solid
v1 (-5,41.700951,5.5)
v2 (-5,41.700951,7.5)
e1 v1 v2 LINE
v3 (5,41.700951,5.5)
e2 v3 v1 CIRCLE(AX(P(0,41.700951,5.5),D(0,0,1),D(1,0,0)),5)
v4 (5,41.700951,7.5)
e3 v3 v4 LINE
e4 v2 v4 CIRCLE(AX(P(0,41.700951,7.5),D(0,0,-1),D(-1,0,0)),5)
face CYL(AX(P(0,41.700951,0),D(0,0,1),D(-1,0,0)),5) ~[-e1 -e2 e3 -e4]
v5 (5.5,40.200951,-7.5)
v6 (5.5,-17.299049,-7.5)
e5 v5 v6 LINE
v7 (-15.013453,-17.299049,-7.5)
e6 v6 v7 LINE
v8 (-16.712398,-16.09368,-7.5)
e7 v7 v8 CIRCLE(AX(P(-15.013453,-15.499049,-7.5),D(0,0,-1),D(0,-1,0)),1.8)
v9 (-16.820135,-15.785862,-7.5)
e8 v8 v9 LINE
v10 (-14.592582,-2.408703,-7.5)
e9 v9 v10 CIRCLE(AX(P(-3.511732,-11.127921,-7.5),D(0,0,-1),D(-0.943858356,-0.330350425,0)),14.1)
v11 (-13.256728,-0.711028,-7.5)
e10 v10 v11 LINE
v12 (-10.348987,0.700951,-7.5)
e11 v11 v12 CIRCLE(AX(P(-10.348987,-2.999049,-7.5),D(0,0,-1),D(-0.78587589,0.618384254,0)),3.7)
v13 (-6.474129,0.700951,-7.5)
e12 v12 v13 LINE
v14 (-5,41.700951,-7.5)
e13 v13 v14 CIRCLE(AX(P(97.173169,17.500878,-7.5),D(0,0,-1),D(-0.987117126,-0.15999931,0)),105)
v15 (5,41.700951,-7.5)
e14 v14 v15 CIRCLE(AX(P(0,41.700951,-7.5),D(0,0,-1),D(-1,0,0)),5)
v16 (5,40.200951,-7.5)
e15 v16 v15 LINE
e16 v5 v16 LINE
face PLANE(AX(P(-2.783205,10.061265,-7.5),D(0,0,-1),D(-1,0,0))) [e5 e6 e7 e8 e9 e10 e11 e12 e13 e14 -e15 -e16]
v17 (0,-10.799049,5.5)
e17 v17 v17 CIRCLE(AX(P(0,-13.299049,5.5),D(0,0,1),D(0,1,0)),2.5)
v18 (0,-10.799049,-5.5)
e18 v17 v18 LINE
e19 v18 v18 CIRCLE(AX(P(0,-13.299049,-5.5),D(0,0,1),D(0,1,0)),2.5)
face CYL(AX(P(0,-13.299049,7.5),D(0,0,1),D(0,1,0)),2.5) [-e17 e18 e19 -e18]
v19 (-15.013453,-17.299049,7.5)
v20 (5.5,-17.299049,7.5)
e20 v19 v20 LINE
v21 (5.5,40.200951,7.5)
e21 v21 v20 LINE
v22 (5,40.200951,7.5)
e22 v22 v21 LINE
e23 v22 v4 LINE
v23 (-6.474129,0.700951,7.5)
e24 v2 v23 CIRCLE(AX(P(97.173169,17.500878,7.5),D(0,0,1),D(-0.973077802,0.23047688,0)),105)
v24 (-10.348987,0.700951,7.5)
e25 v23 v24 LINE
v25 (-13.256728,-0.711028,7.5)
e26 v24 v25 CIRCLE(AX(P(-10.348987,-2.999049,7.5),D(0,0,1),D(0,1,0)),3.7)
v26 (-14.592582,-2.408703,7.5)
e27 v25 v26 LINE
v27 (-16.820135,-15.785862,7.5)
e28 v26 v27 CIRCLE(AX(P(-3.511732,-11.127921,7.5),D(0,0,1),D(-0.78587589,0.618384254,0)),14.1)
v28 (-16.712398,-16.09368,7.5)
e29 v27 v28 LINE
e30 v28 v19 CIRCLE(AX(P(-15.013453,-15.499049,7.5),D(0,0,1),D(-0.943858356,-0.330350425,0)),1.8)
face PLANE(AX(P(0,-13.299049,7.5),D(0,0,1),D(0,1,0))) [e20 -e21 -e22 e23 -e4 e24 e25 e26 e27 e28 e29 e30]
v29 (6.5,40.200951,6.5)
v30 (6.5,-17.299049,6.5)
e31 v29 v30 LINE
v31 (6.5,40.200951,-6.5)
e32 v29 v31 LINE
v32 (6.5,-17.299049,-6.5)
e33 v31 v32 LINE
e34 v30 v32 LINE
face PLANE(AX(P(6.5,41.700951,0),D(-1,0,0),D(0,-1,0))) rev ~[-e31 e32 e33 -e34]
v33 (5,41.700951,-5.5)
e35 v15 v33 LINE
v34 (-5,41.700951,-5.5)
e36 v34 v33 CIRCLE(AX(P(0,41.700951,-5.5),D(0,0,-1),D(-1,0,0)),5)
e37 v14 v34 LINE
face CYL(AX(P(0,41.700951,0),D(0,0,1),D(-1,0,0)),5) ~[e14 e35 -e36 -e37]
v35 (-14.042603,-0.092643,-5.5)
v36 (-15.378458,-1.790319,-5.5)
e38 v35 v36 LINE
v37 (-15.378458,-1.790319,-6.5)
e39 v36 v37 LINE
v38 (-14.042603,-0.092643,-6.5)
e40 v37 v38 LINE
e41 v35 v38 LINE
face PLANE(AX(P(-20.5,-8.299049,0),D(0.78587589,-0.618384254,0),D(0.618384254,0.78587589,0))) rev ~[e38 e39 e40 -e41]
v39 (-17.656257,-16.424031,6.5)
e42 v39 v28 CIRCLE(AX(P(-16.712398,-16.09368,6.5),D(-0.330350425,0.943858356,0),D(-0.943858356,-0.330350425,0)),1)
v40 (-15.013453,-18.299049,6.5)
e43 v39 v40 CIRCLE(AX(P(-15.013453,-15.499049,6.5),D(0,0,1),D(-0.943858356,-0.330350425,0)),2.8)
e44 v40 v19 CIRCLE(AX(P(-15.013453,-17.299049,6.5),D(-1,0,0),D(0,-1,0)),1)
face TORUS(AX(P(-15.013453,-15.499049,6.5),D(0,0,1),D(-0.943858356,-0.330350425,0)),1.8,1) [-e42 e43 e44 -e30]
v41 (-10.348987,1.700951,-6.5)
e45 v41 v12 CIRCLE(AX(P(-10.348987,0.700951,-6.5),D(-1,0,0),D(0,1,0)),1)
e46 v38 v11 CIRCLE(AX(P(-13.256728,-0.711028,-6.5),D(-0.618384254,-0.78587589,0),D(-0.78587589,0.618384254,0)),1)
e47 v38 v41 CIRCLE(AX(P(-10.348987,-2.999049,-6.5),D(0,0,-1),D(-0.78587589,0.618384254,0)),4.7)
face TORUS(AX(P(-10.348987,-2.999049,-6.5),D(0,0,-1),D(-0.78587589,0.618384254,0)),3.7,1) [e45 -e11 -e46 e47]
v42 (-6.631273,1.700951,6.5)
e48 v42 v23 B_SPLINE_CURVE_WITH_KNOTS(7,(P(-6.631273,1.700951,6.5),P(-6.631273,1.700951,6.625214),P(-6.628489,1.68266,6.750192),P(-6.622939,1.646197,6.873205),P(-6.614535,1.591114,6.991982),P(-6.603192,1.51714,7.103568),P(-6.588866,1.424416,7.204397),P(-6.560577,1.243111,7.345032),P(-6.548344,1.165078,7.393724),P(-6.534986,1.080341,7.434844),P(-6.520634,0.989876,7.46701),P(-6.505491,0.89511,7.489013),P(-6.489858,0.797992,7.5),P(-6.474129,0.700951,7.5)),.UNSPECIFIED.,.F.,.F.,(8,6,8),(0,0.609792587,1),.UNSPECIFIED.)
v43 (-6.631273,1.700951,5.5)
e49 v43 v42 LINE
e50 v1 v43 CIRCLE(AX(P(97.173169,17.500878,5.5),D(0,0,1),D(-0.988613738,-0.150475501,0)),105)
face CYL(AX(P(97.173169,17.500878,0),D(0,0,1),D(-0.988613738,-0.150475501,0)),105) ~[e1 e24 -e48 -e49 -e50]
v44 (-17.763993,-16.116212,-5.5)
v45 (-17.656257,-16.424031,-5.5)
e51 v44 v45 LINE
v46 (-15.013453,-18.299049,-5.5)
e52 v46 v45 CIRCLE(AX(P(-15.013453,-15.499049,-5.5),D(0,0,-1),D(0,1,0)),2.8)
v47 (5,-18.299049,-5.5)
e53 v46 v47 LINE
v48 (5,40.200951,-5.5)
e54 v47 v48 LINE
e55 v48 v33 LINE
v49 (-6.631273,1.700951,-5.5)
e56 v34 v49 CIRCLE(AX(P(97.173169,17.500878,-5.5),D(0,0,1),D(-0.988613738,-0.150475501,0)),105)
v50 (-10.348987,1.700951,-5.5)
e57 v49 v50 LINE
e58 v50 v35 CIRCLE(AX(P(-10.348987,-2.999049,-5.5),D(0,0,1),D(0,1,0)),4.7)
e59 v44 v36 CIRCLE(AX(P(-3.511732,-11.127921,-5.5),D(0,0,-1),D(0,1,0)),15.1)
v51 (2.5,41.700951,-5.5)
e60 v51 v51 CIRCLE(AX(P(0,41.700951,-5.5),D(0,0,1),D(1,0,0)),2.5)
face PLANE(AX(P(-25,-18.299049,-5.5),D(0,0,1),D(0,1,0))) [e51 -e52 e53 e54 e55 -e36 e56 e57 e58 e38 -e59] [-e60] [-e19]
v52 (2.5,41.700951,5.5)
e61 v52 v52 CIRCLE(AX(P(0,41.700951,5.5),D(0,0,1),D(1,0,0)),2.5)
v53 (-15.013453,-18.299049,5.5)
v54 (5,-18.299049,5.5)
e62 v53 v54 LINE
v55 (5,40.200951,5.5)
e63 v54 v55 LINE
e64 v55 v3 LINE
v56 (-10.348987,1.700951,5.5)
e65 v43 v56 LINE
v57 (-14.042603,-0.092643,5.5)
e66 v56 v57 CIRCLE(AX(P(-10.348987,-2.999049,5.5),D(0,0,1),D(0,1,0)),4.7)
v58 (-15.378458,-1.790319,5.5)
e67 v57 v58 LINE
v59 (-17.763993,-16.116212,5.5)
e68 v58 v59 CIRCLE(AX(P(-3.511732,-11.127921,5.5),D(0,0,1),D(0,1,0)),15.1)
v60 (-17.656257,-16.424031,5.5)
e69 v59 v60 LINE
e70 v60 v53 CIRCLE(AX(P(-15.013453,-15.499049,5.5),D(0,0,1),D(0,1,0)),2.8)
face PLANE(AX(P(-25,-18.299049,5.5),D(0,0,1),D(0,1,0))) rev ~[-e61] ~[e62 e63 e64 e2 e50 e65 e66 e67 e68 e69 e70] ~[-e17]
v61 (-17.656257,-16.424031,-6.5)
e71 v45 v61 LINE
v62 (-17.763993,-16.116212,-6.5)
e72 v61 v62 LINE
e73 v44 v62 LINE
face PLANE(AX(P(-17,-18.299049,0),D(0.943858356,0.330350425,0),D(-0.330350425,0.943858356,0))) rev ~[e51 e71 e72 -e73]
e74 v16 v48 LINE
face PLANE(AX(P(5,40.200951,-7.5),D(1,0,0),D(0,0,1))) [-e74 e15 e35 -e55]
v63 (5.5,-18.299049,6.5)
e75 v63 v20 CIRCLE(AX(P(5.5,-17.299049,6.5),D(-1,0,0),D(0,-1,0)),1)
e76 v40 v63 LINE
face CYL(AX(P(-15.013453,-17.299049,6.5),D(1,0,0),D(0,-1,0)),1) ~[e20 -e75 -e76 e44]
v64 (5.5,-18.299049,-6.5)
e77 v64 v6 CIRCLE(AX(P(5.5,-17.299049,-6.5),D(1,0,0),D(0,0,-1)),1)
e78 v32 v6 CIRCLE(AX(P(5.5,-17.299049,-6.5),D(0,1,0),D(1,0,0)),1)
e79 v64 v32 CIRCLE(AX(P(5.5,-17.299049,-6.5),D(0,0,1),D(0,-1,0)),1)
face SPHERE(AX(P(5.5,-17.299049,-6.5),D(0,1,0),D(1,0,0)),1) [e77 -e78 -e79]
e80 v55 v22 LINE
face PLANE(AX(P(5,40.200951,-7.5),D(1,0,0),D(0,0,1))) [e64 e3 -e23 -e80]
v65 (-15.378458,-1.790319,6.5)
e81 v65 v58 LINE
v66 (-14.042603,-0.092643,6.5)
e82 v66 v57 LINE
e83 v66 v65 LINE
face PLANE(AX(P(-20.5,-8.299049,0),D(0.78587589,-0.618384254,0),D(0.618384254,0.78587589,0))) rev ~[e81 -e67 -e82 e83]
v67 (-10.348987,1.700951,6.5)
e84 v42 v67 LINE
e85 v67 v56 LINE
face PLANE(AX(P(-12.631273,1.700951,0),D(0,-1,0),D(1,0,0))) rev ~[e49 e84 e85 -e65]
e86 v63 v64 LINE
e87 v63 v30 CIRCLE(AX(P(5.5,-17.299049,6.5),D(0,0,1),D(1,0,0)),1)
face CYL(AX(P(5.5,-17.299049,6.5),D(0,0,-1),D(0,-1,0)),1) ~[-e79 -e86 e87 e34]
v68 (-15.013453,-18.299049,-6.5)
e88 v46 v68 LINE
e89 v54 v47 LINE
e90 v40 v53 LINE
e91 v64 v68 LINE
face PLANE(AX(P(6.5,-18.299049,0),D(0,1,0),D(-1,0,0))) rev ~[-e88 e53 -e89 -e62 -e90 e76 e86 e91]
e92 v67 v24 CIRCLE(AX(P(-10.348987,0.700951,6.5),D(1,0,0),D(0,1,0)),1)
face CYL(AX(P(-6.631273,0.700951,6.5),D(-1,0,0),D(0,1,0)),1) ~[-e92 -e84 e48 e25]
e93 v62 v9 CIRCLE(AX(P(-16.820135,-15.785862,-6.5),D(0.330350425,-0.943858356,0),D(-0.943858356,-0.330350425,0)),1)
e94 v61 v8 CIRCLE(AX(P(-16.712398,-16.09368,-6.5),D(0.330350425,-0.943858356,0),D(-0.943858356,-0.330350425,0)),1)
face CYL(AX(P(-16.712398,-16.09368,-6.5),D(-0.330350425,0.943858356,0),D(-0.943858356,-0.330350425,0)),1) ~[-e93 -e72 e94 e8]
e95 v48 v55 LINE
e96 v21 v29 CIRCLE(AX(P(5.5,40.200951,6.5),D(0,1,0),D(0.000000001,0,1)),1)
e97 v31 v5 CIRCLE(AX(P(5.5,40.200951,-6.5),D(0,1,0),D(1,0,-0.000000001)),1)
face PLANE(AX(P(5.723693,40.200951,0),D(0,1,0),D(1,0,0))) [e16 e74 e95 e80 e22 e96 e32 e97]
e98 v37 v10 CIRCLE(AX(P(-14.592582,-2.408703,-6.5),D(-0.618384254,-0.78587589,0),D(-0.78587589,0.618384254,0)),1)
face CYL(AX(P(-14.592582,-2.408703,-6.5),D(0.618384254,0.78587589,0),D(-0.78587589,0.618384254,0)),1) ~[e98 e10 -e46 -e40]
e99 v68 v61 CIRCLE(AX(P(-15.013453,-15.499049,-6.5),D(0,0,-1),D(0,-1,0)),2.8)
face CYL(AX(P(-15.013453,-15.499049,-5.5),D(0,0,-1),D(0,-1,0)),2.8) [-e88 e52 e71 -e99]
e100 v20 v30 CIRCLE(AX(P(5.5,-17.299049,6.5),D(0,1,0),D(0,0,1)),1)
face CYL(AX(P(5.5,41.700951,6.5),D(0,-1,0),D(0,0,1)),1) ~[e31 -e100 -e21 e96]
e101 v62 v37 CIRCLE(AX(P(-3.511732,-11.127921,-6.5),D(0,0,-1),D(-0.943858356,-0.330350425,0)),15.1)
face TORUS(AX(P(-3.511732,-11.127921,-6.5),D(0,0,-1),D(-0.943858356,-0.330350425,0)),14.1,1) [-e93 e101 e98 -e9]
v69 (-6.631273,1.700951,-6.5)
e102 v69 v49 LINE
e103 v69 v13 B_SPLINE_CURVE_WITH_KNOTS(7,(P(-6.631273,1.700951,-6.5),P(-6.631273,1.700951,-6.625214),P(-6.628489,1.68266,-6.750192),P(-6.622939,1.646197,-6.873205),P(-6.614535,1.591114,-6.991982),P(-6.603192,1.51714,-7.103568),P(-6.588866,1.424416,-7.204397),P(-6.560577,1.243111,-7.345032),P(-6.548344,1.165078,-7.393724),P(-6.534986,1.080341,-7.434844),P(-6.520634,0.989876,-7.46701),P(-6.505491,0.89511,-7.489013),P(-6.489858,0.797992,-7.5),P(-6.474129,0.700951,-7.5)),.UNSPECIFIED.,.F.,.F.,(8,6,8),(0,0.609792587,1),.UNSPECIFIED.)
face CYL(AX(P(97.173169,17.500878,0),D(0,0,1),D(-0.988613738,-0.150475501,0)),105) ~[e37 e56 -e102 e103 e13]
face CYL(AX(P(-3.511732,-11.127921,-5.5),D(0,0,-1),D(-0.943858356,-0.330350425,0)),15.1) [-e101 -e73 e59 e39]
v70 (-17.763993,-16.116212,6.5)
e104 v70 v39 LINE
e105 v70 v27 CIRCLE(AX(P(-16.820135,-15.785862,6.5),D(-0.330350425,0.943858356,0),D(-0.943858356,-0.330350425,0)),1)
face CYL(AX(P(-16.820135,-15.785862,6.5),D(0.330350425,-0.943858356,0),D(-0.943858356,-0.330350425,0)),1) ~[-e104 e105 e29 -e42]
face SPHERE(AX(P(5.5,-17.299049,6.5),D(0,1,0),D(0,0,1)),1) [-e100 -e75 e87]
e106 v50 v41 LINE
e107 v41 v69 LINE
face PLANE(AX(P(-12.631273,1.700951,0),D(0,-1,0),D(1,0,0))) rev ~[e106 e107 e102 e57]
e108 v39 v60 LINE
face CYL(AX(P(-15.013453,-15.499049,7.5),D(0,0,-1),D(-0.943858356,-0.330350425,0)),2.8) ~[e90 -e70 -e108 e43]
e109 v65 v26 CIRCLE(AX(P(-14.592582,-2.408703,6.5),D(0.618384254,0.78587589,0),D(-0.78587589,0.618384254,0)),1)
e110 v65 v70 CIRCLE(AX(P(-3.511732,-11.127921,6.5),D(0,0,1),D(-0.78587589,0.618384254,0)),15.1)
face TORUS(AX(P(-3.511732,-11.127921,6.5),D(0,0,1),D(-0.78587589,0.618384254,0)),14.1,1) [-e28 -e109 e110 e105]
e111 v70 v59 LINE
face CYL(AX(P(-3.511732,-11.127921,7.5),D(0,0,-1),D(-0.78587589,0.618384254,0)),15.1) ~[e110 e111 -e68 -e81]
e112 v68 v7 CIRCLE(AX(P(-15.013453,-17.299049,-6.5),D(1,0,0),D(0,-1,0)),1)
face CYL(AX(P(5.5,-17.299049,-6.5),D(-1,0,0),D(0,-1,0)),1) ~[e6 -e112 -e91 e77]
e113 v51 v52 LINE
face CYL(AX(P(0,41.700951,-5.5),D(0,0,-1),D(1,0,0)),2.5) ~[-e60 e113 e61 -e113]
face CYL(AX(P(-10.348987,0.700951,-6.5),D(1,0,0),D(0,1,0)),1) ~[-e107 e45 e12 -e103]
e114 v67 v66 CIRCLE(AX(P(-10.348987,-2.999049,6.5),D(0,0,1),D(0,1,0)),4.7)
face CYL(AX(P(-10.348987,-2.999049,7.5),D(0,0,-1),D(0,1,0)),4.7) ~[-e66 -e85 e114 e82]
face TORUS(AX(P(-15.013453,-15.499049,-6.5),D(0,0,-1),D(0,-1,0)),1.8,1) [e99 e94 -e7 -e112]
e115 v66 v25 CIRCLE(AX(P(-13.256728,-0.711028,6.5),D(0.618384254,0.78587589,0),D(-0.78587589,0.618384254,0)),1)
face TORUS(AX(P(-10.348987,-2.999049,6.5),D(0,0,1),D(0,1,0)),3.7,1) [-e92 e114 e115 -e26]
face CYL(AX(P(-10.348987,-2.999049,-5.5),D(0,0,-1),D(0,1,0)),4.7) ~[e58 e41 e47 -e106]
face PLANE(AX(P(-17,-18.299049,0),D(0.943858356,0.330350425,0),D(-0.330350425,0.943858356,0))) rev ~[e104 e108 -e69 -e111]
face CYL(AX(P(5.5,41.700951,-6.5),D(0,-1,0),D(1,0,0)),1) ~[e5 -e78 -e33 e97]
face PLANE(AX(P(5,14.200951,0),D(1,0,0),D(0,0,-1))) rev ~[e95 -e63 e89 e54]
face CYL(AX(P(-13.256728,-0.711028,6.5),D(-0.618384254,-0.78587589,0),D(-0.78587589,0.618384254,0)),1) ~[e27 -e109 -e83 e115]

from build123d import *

# Parameters (mm, degrees)
BOSS_EXTRUDE1_DEPTH     = 7.5
CUT_EXTRUDE1_DEPTH      = 5
CUT_EXTRUDE1_DEPTH_BACK = 25
SKETCH3_W               = 11
SKETCH3_H               = 65
SKETCH5_R               = 2.5
BOSS_EXTRUDE3_DEPTH     = 11
SKETCH6_R               = 2.5
BOSS_EXTRUDE4_DEPTH     = 13
FILLET1_R               = 1
FILLET2_R               = 4.7
FILLET3_R               = 15.1
FILLET4_R               = 2.8
FILLET7_R               = 1
CUT_EXTRUDE2_START      = -1.5
CUT_EXTRUDE2_DEPTH      = 1.5


with BuildPart() as part:
    # Sketch1 → Boss-Extrude1 (new, symmetric)
    with BuildSketch(Plane.XY):
        with BuildLine():
            Line((5, 41.700950662), (6.5, 41.700950662))
            Line((6.5, 41.700950662), (6.5, -18.299049338))
            Line((6.5, -18.299049338), (-17, -18.299049338))
            Line((-17, -18.299049338), (-20.5, -8.299049338))
            Line((-20.5, -8.299049338), (-12.631273367, 1.700950662))
            Line((-12.631273367, 1.700950662), (-6.631273367, 1.700950662))
            ThreePointArc((-6.631273367, 1.700950662), (-7.739623811, 21.779414386), (-5, 41.700950662))
            ThreePointArc((-5, 41.700950662), (0, 46.700950662), (5, 41.700950662))
        make_face()
    extrude(amount=BOSS_EXTRUDE1_DEPTH, both=True)

    # Sketch3 → Cut-Extrude1 (cut, two sides: drawn at the far end of the back side and taken through both)
    with BuildSketch(Plane(origin=(0, 0, 0), x_dir=(0, 0, -1), z_dir=(1, 0, 0)).offset(-CUT_EXTRUDE1_DEPTH_BACK)):
        with Locations((0, 14.200950662)):
            Rectangle(SKETCH3_W, SKETCH3_H)
    extrude(amount=CUT_EXTRUDE1_DEPTH + CUT_EXTRUDE1_DEPTH_BACK, mode=Mode.SUBTRACT)

    # Sketch5 → Boss-Extrude3 (add)
    with BuildSketch(Plane.XY.offset(-5.5)):
        with Locations((0, 41.700950662)):
            Circle(SKETCH5_R)
    extrude(amount=BOSS_EXTRUDE3_DEPTH)

    # Sketch6 → Boss-Extrude4 (add)
    with BuildSketch(Plane.XY.offset(7.5)):
        with Locations(Location((0, -13.299049338, 0), (0, 0, 90))):
            Circle(SKETCH6_R)
    extrude(amount=-BOSS_EXTRUDE4_DEPTH)

    # Fillet1
    fillet1_edges = [part.edges().sort_by_distance(p)[0] for p in [
        (6.5, 11.700950662, 7.5),
        (6.5, 11.700950662, -7.5),
    ]]
    fillet(fillet1_edges, radius=FILLET1_R)

    # Fillet2
    fillet2_edges = [part.edges().sort_by_distance(p)[0] for p in [
        (-12.631273367, 1.700950662, 6.5),
        (-12.631273367, 1.700950662, -6.5),
    ]]
    fillet(fillet2_edges, radius=FILLET2_R)

    # Fillet3
    fillet3_edges = [part.edges().sort_by_distance(p)[0] for p in [
        (-20.5, -8.299049338, 6.5),
        (-20.5, -8.299049338, -6.5),
    ]]
    fillet(fillet3_edges, radius=FILLET3_R)

    # Fillet4
    fillet4_edges = [part.edges().sort_by_distance(p)[0] for p in [
        (-17, -18.299049338, 6.5),
        (-17, -18.299049338, -6.5),
    ]]
    fillet(fillet4_edges, radius=FILLET4_R)

    # Fillet7
    fillet7_edges = [part.edges().sort_by_distance(p)[0] for p in [
        (-4.756726593, -18.299049338, -7.5),
        (-4.756726593, -18.299049338, 7.5),
        (-16.633646488, -17.782681021, 7.5),
        (-16.633646488, -17.782681021, -7.5),
        (-8.490130072, 1.700950662, 7.5),
        (6.5, -18.299049338, 0),
        (6.207106781, -18.299049338, 7.207106781),
        (6.207106781, -18.299049338, -7.207106781),
        (-8.490130072, 1.700950662, -7.5),
        (-14.710530592, -0.941480981, 7.5),
        (-12.40202012, 1.22884069, 7.5),
        (-14.710530592, -0.941480981, -7.5),
        (-12.40202012, 1.22884069, -7.5),
        (-17.710124778, -16.2701214, 7.5),
        (-18.406636263, -8.647634431, 7.5),
        (-17.710124778, -16.2701214, -7.5),
        (-18.406636263, -8.647634431, -7.5),
    ]]
    fillet(fillet7_edges, radius=FILLET7_R)

    # Sketch7 → Cut-Extrude2 (cut)
    with BuildSketch(Plane(origin=(0, 41.700950662, 0), x_dir=(1, 0, 0), z_dir=(0, 1, 0)).offset(CUT_EXTRUDE2_START)):
        with BuildLine():
            Line((6.5, -6.5), (6.5, 6.5))
            ThreePointArc((6.5, 6.5), (6.207106781, 7.207106781), (5.5, 7.5))
            Line((5.5, 7.5), (5, 7.5))
            Line((5, 7.5), (5, 5.5))
            Line((5, 5.5), (5, -5.5))
            Line((5, -5.5), (5, -7.5))
            Line((5, -7.5), (5.5, -7.5))
            ThreePointArc((5.5, -7.5), (6.207106781, -7.207106781), (6.5, -6.5))
        make_face()
    extrude(amount=CUT_EXTRUDE2_DEPTH, mode=Mode.SUBTRACT)


solid = part.part
